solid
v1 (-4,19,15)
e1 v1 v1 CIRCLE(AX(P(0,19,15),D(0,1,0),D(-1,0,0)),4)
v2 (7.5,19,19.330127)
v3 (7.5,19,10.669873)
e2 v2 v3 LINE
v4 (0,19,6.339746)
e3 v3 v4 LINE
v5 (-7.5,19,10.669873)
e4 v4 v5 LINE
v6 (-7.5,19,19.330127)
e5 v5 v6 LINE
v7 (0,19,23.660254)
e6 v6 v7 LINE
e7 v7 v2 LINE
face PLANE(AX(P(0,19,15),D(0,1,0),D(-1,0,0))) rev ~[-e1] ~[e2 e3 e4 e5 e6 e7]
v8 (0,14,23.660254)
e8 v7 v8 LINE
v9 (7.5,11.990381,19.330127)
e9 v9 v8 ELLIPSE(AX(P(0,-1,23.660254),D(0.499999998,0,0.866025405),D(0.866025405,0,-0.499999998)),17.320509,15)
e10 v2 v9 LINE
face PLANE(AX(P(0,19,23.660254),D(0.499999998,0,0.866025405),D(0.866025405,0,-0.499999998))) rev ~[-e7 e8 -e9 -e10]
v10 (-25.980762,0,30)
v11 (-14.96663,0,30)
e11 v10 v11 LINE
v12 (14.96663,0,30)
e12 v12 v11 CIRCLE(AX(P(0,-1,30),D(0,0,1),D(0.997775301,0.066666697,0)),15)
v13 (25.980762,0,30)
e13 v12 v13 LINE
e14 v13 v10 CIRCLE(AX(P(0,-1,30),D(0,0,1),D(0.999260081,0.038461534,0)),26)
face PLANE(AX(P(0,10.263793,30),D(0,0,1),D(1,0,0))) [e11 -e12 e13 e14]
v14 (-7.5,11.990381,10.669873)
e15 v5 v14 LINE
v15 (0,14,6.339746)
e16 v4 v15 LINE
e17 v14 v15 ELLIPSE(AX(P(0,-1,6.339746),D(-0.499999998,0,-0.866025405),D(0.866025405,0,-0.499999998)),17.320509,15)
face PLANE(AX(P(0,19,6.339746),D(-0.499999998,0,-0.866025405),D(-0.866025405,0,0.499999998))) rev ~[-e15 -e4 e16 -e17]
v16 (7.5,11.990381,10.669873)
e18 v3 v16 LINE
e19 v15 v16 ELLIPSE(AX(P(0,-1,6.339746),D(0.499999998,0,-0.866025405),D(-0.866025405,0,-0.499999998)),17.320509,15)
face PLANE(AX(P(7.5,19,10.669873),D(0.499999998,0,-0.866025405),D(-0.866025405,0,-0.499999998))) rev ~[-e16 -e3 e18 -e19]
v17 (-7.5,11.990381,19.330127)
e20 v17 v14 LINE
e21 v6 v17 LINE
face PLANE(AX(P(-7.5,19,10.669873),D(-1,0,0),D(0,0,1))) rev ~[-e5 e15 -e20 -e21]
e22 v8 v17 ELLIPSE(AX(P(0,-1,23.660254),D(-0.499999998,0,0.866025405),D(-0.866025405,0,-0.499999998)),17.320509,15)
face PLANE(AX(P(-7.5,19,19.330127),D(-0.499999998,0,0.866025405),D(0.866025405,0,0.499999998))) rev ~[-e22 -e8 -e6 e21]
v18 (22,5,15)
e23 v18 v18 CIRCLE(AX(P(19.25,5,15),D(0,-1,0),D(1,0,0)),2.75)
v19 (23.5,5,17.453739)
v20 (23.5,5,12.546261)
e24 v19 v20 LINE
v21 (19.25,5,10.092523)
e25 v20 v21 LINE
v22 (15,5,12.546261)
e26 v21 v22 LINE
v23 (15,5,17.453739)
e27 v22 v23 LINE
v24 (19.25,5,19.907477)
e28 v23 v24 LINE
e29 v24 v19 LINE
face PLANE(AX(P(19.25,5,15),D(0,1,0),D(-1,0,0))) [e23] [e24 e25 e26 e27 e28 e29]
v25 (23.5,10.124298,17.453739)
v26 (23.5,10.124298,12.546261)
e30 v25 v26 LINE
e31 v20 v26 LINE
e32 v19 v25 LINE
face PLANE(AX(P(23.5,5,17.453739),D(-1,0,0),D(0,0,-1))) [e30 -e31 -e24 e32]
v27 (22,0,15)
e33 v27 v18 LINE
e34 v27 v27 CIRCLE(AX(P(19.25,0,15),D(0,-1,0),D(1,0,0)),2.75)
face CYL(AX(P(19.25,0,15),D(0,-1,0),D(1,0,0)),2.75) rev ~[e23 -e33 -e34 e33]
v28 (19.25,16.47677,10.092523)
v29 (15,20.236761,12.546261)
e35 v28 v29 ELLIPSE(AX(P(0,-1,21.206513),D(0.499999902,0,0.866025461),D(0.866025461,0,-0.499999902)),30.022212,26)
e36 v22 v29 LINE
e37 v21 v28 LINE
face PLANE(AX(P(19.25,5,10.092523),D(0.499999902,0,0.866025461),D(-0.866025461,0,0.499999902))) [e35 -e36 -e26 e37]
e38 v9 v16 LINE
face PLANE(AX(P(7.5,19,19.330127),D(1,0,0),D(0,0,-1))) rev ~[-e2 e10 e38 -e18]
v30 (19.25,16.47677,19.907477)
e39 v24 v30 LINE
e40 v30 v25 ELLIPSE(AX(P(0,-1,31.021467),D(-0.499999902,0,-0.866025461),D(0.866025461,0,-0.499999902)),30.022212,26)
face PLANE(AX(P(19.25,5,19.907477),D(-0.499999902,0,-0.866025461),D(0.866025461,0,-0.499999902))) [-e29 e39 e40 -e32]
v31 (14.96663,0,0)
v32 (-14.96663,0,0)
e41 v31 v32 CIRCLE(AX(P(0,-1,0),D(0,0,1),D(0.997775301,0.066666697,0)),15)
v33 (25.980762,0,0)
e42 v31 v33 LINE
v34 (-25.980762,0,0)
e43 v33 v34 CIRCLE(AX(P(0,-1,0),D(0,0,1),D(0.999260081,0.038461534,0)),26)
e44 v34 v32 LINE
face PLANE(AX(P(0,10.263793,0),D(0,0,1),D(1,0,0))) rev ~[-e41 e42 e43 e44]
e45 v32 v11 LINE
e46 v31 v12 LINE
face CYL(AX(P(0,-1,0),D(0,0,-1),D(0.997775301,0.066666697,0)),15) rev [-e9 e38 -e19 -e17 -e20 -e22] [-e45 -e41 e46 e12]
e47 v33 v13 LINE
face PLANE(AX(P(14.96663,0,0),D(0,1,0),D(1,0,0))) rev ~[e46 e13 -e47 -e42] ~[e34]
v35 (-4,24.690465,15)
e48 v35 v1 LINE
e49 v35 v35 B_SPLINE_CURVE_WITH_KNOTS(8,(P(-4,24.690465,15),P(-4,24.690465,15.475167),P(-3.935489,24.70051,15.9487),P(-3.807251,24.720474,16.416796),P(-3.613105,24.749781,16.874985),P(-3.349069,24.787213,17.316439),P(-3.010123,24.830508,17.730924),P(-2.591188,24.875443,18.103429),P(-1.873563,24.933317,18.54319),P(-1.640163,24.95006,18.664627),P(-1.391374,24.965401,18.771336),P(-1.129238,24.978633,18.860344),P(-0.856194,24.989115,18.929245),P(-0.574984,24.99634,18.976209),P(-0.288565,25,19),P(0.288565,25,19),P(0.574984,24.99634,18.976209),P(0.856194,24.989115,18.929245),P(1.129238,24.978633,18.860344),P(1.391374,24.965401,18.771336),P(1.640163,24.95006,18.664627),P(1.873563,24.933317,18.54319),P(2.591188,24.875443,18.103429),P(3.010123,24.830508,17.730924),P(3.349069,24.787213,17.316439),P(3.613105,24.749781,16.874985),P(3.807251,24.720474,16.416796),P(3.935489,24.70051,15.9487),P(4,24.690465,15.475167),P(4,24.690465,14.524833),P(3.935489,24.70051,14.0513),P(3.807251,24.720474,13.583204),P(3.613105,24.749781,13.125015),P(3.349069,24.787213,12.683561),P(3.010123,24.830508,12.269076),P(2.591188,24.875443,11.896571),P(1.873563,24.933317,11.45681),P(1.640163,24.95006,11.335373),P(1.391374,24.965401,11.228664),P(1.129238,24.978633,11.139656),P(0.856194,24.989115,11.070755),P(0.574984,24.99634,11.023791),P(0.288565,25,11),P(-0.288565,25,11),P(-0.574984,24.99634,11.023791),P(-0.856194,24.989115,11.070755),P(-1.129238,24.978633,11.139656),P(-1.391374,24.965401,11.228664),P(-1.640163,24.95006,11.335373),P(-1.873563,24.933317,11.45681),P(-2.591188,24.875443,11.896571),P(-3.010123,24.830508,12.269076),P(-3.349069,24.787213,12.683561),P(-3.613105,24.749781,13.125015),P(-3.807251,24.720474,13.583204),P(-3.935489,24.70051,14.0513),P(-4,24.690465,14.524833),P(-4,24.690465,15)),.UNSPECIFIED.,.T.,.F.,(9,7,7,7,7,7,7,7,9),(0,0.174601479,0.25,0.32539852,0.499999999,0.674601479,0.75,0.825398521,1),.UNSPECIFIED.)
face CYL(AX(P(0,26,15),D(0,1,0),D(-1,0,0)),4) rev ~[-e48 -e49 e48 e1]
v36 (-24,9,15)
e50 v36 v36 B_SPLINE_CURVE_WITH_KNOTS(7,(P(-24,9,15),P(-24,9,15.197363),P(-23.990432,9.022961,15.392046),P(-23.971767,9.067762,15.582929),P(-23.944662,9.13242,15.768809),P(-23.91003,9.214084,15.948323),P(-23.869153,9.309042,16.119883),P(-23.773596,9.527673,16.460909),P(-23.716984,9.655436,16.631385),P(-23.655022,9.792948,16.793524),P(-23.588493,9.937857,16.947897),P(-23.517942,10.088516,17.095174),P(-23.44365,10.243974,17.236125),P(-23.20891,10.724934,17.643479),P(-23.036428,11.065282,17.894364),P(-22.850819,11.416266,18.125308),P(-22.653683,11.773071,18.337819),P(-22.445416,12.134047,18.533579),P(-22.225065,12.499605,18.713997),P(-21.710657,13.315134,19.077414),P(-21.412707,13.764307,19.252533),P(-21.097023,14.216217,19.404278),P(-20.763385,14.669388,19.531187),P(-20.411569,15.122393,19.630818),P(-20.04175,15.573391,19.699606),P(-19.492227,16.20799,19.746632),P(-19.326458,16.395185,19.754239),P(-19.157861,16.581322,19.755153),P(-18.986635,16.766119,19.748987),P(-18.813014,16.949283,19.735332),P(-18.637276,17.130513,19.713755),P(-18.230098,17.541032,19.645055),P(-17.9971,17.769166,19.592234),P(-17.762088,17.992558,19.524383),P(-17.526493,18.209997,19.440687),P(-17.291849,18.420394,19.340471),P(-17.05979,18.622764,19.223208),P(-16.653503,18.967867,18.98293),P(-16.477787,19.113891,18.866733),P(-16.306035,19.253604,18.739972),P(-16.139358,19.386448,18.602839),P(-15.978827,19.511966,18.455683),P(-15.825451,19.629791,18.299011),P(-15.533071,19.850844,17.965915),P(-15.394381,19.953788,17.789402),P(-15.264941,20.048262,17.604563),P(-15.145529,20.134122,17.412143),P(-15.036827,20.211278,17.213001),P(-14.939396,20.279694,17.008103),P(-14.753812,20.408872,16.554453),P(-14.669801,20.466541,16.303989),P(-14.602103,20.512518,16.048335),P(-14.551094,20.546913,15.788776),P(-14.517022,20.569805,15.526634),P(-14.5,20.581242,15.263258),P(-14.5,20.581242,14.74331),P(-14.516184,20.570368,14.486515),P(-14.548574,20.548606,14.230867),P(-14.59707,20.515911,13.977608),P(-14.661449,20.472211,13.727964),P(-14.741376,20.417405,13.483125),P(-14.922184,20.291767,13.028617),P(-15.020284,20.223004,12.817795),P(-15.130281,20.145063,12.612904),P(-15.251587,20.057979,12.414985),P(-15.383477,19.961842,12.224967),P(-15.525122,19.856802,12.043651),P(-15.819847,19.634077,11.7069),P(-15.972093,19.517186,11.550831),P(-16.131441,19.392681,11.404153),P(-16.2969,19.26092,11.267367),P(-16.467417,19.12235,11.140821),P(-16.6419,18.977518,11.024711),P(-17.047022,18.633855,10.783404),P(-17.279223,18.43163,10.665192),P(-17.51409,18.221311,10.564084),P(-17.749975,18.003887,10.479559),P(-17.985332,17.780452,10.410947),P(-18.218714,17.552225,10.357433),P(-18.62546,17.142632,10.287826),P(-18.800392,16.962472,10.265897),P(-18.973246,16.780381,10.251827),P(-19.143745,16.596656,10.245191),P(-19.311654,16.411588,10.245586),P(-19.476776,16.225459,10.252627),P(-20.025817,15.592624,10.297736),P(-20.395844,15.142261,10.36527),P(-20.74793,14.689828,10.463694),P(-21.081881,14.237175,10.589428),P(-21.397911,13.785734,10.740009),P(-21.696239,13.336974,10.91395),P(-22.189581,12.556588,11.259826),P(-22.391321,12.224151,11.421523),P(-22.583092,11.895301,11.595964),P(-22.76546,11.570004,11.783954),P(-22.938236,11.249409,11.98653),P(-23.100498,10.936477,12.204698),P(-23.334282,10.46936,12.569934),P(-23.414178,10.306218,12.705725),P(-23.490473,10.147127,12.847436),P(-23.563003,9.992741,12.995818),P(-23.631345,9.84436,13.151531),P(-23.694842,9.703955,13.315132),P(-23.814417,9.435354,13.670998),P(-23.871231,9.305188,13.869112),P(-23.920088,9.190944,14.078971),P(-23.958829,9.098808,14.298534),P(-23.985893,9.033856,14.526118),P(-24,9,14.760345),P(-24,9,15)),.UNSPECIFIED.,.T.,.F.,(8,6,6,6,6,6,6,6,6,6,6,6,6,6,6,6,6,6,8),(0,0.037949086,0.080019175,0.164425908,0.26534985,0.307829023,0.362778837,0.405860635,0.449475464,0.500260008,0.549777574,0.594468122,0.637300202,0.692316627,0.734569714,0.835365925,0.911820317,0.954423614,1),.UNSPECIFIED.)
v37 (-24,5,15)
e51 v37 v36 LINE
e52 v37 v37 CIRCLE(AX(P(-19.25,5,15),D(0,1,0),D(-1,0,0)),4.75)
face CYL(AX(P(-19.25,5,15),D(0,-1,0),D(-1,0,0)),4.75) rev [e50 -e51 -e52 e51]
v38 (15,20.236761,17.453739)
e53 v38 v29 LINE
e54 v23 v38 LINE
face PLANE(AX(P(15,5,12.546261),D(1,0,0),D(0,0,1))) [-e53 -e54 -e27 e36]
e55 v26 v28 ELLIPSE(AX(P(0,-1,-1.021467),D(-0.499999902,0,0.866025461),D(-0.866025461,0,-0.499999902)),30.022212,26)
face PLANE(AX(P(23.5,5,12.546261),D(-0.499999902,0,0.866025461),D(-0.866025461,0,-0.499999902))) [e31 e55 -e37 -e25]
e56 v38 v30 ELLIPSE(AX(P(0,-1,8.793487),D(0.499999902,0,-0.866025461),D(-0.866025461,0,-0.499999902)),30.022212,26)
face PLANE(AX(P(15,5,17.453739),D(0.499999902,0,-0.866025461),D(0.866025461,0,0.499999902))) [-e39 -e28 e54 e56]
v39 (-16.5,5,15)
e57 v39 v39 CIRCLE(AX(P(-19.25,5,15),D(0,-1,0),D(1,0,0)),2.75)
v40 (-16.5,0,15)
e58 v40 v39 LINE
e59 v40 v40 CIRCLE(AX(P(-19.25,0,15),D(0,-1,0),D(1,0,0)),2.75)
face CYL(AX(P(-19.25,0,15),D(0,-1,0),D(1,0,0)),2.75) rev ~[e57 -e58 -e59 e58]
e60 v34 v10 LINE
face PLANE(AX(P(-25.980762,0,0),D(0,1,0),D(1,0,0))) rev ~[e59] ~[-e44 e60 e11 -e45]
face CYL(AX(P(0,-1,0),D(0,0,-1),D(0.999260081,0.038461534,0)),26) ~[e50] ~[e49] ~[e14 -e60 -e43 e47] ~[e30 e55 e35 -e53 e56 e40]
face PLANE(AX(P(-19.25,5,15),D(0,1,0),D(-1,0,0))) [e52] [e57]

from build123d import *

# Parameters (mm, degrees)
PAD_DEPTH       = 30
SKETCH001_R     = 4
POCKET_DEPTH    = 26.001
POCKET001_DEPTH = 19.001
SKETCH003_R     = 2.75
POCKET002_DEPTH = 25.001
SKETCH004_R     = 4.75
POCKET003_DEPTH = 20.001


with BuildPart() as part:
    # Sketch → Pad (new body)
    with BuildSketch(Plane.XY):
        with BuildLine():
            Line((-25.980762, 0), (-14.96663, 0))
            ThreePointArc((14.96663, 0), (0, 14), (-14.96663, 0))
            Line((14.96663, 0), (25.980762, 0))
            ThreePointArc((25.980762, 0), (0, 25), (-25.980762, 0))
        make_face()
    extrude(amount=PAD_DEPTH)

    # Sketch001 (on DatumPlane) → Pocket (cut, through all)
    with BuildSketch(Plane(origin=(0, 26, 0), x_dir=(-1, 0, 0), z_dir=(0, 1, 0))):
        with Locations((0, 15)):
            Circle(SKETCH001_R)
    extrude(amount=-POCKET_DEPTH, mode=Mode.SUBTRACT)

    # Sketch002 (on DatumPlane) → Pocket001 (cut, through all)
    with BuildSketch(Plane(origin=(0, 19, 0), x_dir=(-1, 0, 0), z_dir=(0, 1, 0))):
        Polygon((0, 23.660254), (-7.5, 19.330127), (-7.5, 10.669873), (0, 6.339746), (7.5, 10.669873), (7.5, 19.330127), align=None)
    extrude(amount=-POCKET001_DEPTH, mode=Mode.SUBTRACT)

    # Sketch003 (on DatumPlane) → Pocket002 (cut, through all)
    with BuildSketch(Plane.XZ):
        with Locations((19.25, 15)):
            Circle(SKETCH003_R)
        with Locations((-19.25, 15)):
            Circle(SKETCH003_R)
    extrude(amount=-POCKET002_DEPTH, mode=Mode.SUBTRACT)

    # Sketch004 (on DatumPlane) → Pocket003 (cut, through all)
    with BuildSketch(Plane(origin=(0, 5, 0), x_dir=(-1, 0, 0), z_dir=(0, 1, 0))):
        with Locations((19.25, 15)):
            Circle(SKETCH004_R)
        Polygon((-19.25, 19.907477), (-23.5, 17.453739), (-23.5, 12.546261), (-19.25, 10.092523), (-15, 12.546261), (-15, 17.453739), align=None)
    extrude(amount=POCKET003_DEPTH, mode=Mode.SUBTRACT)


solid = part.part
